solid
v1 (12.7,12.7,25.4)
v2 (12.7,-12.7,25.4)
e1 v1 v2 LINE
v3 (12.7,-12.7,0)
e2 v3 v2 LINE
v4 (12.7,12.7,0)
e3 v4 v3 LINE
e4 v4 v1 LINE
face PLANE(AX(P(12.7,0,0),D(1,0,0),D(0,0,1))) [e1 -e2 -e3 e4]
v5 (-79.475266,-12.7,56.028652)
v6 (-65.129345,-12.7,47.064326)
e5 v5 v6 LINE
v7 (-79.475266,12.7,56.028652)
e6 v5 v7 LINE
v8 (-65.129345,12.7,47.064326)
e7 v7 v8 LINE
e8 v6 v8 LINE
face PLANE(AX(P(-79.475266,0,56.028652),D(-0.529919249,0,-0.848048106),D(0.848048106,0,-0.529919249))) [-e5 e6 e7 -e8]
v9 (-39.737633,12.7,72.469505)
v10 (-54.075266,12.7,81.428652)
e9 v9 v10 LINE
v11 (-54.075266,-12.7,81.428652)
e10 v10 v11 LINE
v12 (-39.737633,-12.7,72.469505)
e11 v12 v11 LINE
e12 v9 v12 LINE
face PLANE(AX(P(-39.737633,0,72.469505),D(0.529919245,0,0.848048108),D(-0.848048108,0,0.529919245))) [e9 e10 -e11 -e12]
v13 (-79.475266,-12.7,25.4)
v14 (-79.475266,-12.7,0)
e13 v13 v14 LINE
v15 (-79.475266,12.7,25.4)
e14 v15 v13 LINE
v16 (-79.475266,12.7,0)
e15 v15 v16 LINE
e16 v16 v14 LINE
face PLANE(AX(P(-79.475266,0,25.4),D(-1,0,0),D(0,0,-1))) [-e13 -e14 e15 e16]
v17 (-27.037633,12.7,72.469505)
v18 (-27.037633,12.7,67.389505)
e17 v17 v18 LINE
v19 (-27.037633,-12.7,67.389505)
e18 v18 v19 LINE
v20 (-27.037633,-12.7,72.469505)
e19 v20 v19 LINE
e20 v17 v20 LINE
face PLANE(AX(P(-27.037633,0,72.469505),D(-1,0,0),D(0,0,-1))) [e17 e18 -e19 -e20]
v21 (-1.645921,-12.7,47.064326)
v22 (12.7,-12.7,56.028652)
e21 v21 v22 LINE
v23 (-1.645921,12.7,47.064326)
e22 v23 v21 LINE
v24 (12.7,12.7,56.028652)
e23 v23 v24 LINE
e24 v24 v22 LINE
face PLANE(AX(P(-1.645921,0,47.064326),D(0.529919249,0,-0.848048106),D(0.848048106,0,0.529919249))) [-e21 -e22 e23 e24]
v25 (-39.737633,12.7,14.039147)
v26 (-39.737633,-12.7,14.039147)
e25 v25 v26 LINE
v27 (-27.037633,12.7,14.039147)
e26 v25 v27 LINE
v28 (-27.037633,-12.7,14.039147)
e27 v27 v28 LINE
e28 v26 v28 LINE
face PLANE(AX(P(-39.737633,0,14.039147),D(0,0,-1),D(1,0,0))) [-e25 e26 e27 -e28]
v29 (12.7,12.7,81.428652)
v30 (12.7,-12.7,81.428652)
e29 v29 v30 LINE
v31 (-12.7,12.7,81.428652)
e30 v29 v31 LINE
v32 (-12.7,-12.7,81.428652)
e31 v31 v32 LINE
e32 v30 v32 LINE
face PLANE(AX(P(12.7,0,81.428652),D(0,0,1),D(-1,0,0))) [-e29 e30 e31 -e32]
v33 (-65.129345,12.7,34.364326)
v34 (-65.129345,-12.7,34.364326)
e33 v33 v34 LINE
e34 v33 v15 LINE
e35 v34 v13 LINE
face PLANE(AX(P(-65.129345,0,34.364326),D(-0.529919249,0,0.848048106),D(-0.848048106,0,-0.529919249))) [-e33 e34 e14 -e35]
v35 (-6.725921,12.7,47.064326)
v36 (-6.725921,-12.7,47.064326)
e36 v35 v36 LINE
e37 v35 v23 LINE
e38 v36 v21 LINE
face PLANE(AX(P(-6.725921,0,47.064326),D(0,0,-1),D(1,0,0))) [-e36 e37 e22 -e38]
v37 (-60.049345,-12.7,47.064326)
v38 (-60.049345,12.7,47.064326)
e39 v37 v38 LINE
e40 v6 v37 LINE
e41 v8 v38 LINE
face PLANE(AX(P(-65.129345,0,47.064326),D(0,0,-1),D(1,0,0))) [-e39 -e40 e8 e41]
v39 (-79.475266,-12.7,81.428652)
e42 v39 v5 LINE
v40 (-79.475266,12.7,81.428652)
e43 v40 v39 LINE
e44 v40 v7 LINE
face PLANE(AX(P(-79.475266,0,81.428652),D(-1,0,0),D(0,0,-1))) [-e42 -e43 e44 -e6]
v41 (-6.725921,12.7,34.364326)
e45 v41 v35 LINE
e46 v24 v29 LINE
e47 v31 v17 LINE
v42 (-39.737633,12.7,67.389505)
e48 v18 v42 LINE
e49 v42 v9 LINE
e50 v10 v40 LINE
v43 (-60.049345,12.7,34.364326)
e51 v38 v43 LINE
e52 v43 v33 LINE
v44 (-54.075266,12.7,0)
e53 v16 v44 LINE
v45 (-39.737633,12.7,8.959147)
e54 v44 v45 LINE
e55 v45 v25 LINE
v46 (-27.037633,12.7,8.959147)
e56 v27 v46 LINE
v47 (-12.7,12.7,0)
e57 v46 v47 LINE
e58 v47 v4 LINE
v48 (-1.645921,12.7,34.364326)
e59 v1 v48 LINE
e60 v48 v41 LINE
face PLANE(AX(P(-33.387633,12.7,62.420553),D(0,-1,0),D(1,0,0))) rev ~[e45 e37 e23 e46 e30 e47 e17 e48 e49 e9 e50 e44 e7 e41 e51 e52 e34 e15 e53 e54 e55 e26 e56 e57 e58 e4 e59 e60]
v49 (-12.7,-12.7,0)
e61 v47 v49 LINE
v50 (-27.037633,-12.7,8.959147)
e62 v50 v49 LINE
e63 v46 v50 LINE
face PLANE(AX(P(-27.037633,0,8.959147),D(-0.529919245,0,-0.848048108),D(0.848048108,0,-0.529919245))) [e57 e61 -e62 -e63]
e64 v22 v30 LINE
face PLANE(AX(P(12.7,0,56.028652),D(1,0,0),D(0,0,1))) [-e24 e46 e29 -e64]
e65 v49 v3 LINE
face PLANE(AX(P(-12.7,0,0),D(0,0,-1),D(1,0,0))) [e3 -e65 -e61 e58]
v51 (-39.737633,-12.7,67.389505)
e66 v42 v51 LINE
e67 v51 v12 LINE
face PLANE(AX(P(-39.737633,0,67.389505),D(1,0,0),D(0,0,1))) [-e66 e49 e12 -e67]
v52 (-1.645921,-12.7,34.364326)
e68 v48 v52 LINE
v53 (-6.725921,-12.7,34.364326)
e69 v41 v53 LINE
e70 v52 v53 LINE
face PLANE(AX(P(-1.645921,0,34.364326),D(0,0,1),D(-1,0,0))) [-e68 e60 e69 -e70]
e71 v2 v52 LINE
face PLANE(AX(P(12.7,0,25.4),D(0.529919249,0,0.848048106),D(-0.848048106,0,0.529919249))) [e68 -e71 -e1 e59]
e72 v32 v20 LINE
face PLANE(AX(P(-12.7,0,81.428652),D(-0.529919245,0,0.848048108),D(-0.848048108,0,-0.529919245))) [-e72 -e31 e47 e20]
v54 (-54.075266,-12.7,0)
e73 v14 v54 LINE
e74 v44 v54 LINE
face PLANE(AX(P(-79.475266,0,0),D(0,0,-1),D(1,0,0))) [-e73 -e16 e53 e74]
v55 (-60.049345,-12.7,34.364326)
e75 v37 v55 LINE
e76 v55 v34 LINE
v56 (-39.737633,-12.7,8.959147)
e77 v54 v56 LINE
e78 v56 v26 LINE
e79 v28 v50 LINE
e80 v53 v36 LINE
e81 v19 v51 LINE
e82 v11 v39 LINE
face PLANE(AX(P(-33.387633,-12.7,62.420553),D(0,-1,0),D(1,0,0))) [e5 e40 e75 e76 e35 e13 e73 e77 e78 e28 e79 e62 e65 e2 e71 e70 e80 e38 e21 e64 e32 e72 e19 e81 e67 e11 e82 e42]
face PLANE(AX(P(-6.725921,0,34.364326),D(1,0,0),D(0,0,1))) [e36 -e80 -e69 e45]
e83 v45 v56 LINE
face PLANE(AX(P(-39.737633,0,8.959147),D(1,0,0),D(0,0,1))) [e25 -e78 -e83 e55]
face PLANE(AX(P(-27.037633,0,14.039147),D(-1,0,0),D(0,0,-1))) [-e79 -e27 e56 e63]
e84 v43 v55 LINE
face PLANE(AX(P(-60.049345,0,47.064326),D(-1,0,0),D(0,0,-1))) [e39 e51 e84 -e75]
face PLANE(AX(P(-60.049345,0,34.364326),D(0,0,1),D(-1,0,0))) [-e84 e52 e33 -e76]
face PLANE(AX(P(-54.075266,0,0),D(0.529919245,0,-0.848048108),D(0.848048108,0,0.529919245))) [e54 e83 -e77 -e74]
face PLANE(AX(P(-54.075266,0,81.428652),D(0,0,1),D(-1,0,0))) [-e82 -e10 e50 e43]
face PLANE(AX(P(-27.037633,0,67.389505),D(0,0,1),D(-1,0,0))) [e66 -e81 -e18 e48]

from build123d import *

# Parameters (mm, degrees)
F1_DEPTH = 12.7


with BuildPart() as f1:
    # F0 (on Front) → F1 (new body, symmetric)
    with BuildSketch(Plane.XZ):
        Polygon((-60.049345, 47.064326), (-60.049345, 40.714326), (-6.725921, 40.714326), (-6.725921, 47.064326), (-1.645921, 47.064326), (12.7, 56.028652), (12.7, 81.428652), (-12.7, 81.428652), (-27.037633, 72.469505), (-27.037633, 67.389505), (-39.737633, 67.389505), (-39.737633, 72.469505), (-54.075266, 81.428652), (-79.475266, 81.428652), (-79.475266, 56.028652), (-65.129345, 47.064326), align=None)
        Polygon((-65.129345, 34.364326), (-79.475266, 25.4), (-79.475266, 0), (-54.075266, 0), (-39.737633, 8.959147), (-39.737633, 14.039147), (-27.037633, 14.039147), (-27.037633, 8.959147), (-12.7, 0), (12.7, 0), (12.7, 25.4), (-1.645921, 34.364326), (-6.725921, 34.364326), (-6.725921, 40.714326), (-60.049345, 40.714326), (-60.049345, 34.364326), align=None)
    extrude(amount=F1_DEPTH, both=True)


solid = f1.part
